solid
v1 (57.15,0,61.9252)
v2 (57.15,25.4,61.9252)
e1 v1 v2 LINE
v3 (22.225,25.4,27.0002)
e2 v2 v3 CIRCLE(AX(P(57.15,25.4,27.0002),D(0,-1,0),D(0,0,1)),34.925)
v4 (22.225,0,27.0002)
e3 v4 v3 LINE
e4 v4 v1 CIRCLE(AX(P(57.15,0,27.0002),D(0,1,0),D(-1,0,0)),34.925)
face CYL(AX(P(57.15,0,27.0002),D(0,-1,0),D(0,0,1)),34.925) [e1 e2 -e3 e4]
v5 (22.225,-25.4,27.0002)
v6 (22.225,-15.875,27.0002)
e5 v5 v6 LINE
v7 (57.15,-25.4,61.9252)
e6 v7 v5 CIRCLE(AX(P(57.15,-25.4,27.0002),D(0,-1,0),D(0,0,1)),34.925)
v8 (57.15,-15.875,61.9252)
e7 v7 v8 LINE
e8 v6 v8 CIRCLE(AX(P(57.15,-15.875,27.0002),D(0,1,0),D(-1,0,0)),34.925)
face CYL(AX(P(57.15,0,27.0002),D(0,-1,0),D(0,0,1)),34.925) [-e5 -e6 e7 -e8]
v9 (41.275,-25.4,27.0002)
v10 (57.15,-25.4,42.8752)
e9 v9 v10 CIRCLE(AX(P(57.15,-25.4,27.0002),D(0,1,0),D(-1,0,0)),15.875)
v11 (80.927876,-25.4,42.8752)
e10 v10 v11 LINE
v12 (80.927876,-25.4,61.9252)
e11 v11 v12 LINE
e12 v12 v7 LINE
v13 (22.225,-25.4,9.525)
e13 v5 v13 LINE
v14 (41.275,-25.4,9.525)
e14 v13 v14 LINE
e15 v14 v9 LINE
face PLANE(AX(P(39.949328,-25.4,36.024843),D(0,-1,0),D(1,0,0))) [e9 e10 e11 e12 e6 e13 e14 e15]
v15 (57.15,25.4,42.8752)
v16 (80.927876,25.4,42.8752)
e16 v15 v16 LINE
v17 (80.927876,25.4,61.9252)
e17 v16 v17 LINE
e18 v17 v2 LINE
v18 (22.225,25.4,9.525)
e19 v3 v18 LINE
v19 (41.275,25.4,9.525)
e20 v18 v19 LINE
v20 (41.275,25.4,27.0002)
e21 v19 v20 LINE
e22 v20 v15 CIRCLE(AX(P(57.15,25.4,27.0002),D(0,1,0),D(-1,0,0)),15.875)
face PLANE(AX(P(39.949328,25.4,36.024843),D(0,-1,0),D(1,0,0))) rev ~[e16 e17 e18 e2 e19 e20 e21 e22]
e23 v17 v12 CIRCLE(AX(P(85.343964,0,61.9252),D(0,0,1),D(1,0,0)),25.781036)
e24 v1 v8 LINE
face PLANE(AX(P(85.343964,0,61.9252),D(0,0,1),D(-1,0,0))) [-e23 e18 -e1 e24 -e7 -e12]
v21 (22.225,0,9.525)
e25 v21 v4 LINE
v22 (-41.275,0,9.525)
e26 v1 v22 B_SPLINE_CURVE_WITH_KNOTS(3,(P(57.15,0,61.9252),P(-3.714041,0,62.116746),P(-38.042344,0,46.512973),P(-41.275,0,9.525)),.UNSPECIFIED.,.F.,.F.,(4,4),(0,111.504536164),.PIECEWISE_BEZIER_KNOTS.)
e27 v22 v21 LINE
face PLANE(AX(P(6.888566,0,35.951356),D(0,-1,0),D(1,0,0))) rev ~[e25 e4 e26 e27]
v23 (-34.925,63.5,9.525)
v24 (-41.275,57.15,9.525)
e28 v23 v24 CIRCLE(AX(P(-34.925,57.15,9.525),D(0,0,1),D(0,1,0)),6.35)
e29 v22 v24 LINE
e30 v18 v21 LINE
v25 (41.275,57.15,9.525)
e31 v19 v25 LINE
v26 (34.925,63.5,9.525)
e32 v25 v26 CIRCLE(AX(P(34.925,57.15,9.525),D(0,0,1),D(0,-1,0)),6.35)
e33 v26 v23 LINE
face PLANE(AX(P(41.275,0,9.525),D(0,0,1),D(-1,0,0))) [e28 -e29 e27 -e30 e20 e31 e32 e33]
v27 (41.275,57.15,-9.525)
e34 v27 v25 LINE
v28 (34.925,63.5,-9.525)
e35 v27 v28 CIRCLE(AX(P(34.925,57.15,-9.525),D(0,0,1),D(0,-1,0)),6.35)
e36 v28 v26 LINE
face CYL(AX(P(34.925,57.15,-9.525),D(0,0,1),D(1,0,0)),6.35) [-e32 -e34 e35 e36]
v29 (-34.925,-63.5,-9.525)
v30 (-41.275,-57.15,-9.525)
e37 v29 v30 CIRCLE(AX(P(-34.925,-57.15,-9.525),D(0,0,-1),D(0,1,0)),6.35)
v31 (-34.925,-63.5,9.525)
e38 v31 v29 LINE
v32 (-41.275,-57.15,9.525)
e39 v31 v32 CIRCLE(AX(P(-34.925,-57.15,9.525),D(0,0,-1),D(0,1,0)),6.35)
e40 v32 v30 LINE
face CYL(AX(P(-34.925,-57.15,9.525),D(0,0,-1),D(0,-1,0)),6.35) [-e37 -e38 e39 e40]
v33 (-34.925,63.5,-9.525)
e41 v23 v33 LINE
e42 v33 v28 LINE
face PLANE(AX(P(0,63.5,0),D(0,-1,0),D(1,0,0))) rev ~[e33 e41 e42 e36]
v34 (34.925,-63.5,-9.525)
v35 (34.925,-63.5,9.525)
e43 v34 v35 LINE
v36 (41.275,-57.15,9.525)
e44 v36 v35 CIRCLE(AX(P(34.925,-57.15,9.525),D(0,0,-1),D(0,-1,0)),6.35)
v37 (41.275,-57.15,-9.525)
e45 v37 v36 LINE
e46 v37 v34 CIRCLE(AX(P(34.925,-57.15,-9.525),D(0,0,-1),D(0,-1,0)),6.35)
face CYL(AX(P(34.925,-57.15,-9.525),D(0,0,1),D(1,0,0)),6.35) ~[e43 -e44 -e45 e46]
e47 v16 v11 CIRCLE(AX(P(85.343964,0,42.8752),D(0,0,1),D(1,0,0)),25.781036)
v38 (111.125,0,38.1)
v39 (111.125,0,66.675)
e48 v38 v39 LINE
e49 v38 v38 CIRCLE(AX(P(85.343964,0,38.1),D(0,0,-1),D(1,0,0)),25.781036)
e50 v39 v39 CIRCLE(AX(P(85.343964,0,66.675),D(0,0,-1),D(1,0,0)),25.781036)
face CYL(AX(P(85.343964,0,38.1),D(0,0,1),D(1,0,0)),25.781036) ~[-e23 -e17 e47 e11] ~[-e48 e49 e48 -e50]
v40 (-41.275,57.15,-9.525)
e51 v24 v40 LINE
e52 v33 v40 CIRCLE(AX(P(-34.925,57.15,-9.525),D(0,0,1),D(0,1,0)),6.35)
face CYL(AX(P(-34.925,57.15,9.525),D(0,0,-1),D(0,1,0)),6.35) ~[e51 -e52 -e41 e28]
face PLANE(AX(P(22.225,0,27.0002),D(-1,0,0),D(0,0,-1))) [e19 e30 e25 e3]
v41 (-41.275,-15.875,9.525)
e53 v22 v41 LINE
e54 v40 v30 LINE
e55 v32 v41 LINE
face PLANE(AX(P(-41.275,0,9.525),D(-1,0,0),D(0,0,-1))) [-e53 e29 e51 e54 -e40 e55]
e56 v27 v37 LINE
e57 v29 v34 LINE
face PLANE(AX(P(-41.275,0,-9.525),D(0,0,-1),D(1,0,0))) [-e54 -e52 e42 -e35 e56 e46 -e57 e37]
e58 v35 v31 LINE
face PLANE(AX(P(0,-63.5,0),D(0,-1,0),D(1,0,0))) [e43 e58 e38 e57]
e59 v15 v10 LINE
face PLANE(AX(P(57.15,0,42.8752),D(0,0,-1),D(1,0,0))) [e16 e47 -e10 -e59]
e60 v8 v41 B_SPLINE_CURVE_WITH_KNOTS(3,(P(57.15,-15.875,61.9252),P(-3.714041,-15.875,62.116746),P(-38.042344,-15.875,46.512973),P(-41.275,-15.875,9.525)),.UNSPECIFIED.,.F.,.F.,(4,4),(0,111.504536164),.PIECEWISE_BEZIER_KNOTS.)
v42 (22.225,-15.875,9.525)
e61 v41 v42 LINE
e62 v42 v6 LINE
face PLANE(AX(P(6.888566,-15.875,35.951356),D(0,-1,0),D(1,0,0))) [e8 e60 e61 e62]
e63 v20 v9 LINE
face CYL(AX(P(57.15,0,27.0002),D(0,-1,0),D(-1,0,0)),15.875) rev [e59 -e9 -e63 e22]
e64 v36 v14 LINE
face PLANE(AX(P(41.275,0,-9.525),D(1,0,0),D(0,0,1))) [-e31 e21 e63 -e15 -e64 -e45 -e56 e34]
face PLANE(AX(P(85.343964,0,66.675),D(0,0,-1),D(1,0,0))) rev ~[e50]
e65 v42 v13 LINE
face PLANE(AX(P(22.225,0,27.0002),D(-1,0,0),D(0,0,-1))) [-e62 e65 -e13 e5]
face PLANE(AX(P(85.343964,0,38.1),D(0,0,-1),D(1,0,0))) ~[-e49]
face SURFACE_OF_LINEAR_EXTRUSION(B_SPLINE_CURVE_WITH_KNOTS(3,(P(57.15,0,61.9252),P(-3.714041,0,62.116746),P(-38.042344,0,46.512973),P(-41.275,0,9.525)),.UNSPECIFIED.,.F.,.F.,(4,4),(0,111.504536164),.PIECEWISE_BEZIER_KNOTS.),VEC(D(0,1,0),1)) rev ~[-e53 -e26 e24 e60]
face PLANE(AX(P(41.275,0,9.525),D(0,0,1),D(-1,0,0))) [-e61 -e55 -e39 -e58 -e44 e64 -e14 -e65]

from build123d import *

# Parameters (mm, degrees)
F1_DEPTH = 63.5
F0_W     = 25.0189637039
F0_H     = 19.05
F2_DEPTH = 25.4
F3_DEPTH = 15.875
F5_R     = 6.35


with BuildPart() as f1:
    # F0 (on Front) → F1 (new body, symmetric)
    with BuildSketch(Plane.XZ):
        Polygon((22.225, 9.525), (-41.275, 9.525), (-41.275, -9.525), (41.275, -9.525), (41.275, 9.525), align=None)
    extrude(amount=F1_DEPTH, both=True)

    # F0 (on Front) → F2 (join, symmetric)
    with BuildSketch(Plane.XZ):
        with BuildLine():
            Line((22.225, 27.0002), (22.225, 9.525))
            Line((22.225, 9.525), (41.275, 9.525))
            Line((41.275, 9.525), (41.275, 27.0002))
            ThreePointArc((41.275, 27.0002), (45.9246798487, 38.2255201513), (57.15, 42.8752))
            Line((57.15, 42.8752), (60.325, 42.8752))
            Line((60.325, 42.8752), (60.325, 61.9252))
            Line((60.325, 61.9252), (57.15, 61.9252))
            ThreePointArc((57.15, 61.9252), (32.4542956671, 51.6959043329), (22.225, 27.0002))
        make_face()
        with Locations((72.8344818519, 52.4002)):
            Rectangle(F0_W, F0_H)
    extrude(amount=F2_DEPTH, both=True)

    # F0 (on Front) → F3 (join)
    with BuildSketch(Plane.XZ):
        with BuildLine():
            add(Edge.make_bspline(
                [(57.15, 61.9252), (-3.7140410859, 62.1167458594), (-38.0423441529, 46.5129725635), (-41.275, 9.525)],
                knots=[0, 0, 0, 0, 111.5045361635, 111.5045361635, 111.5045361635, 111.5045361635], degree=3))
            Line((-41.275, 9.525), (22.225, 9.525))
            Line((22.225, 9.525), (22.225, 27.0002))
            ThreePointArc((22.225, 27.0002), (32.4542956671, 51.6959043329), (57.15, 61.9252))
        make_face()
    extrude(amount=F3_DEPTH)

    # F0 (on Front) → F4 (revolve)
    with BuildSketch(Plane.XZ):
        Polygon((85.3439637039, 66.675), (85.3439637039, 61.9252), (85.3439637039, 42.8752), (85.3439637039, 38.1), (111.125, 38.1), (111.125, 66.675), align=None)
    revolve(axis=Axis((85.3439637039, 0, 52.3875), (0, 0, -1)))

    # F5
    f5_edges = [f1.edges().sort_by_distance(p)[0] for p in [
        (-41.275, 63.5, 0),
        (41.275, 63.5, 0),
        (41.275, -63.5, 0),
        (-41.275, -63.5, 0),
    ]]
    fillet(f5_edges, radius=F5_R)


solid = f1.part
